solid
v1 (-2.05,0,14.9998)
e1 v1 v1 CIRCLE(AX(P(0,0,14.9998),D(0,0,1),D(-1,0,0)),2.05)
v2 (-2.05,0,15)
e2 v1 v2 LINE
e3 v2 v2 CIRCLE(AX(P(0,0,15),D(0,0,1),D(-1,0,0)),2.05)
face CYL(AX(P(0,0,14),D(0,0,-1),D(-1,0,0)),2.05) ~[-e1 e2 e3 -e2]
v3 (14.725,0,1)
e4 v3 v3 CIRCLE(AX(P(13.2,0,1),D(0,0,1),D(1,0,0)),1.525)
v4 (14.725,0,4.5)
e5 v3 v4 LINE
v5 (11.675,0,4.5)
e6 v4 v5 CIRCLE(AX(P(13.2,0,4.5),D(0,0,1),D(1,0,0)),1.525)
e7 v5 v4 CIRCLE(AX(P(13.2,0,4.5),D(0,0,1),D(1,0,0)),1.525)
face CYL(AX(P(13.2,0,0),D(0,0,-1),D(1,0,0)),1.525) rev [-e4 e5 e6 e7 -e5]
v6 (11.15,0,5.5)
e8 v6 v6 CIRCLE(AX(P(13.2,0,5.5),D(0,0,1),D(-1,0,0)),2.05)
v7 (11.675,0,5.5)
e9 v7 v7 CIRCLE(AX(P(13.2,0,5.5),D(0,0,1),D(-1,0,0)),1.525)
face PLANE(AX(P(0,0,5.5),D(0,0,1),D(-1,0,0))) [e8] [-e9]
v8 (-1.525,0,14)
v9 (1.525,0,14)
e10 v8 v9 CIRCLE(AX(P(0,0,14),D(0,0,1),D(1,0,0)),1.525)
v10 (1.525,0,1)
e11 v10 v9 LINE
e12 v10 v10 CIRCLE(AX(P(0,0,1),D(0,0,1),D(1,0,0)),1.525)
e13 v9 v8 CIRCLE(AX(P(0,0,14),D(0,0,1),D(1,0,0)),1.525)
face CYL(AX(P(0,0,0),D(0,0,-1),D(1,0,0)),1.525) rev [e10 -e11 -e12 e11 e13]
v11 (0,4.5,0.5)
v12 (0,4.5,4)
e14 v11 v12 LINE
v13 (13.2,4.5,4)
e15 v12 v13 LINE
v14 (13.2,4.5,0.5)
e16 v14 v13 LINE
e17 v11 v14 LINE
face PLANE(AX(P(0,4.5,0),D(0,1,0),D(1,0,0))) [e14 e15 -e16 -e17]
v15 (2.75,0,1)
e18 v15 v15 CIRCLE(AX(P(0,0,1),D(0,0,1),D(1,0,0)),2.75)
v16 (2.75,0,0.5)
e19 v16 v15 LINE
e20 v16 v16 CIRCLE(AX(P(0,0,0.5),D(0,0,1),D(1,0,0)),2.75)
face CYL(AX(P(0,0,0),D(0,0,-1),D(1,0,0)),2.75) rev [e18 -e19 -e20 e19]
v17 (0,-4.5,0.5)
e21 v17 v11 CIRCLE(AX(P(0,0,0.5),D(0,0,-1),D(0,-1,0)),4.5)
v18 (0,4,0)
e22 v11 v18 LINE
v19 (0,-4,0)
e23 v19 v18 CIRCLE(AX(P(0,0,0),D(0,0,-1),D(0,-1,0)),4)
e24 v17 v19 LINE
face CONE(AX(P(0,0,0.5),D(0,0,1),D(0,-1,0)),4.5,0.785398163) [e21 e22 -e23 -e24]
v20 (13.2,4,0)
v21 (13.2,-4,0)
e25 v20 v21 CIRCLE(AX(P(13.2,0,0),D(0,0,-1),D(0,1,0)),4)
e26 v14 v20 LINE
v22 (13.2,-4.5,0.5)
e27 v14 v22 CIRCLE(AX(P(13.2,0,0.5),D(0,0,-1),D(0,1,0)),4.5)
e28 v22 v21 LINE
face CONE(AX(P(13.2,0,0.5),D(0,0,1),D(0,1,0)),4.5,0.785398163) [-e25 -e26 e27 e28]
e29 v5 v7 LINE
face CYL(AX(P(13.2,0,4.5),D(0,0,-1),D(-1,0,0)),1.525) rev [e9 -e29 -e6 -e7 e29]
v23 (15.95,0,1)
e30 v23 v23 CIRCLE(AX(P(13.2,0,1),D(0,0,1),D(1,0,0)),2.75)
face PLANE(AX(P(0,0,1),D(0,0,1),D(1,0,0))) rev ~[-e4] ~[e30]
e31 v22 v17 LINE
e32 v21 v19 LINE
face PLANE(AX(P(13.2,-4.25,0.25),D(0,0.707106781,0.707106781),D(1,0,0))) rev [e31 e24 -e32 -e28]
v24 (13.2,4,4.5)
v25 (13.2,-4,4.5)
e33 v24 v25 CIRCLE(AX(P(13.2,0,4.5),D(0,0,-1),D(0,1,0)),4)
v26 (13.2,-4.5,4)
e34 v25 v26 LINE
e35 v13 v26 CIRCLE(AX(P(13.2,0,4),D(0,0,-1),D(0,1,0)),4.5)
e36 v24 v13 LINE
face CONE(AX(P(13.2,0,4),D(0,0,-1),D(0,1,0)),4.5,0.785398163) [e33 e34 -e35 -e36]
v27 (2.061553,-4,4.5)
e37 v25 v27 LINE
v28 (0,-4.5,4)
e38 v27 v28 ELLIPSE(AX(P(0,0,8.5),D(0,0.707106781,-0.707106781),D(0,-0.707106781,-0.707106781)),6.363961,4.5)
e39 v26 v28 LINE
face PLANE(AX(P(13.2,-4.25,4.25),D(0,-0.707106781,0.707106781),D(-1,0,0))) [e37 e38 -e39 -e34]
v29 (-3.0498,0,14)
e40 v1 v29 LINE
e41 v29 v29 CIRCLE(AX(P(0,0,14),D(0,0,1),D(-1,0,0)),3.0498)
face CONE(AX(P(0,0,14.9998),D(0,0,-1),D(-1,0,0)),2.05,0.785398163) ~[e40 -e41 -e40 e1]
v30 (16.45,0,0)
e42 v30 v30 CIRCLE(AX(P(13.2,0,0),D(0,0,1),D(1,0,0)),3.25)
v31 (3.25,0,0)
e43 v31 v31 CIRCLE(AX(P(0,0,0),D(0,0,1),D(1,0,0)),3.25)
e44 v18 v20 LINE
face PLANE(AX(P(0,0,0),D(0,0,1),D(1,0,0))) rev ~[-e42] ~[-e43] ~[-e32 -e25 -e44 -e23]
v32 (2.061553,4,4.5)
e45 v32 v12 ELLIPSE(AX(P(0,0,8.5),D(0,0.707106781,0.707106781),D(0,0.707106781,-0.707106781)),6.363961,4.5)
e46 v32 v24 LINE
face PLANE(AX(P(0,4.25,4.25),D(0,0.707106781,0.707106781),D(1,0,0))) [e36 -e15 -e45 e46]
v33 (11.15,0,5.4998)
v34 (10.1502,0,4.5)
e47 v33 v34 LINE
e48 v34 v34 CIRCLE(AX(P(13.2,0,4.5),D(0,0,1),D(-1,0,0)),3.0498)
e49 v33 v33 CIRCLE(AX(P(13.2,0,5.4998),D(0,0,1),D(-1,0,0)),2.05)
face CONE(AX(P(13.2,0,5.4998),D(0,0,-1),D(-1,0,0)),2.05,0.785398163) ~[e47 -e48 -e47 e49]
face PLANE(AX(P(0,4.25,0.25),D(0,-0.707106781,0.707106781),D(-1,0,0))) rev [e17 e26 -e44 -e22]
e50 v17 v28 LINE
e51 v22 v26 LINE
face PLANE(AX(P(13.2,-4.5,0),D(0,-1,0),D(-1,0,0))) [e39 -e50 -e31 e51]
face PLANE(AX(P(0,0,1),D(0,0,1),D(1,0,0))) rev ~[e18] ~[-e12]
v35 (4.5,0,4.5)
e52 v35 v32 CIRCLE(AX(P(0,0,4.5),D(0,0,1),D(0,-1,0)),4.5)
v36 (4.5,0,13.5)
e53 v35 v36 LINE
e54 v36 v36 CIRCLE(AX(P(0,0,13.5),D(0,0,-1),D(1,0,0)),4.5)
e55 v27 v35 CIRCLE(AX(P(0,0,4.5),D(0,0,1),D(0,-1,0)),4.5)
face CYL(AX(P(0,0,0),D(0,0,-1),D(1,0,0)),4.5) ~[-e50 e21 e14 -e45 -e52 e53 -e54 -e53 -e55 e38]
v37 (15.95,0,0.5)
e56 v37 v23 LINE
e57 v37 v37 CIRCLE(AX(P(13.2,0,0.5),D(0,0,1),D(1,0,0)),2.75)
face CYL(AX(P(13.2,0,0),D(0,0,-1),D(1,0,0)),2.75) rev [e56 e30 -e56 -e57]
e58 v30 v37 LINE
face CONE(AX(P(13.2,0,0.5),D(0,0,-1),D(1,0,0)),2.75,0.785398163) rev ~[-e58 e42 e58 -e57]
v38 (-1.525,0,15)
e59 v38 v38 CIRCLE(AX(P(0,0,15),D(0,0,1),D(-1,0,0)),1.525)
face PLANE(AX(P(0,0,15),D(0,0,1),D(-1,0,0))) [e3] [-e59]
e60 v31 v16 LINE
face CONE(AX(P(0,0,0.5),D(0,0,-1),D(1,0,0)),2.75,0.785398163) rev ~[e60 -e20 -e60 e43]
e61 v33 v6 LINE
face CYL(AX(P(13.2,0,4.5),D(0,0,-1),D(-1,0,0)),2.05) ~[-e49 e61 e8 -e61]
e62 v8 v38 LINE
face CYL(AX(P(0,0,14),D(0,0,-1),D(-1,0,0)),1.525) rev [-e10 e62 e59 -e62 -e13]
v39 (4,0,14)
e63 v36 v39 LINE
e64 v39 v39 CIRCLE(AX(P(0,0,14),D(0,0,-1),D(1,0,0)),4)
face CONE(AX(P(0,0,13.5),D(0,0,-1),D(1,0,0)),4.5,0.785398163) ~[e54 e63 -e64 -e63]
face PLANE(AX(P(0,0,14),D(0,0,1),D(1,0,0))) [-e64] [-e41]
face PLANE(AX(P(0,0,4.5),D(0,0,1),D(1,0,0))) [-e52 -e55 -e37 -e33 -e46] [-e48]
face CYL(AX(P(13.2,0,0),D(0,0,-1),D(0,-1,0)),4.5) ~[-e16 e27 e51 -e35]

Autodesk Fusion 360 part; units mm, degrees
sketch "Sketch1" plane through (0, 0, 0) normal (0, 0, 1) x (1, 0, 0)
  circle A0 centre (0, 0) radius 1.525
  circle A1 centre (0, 0) radius 4.5
  circle A2 centre (13.2, 0) radius 1.525
  circle A3 centre (0, 0) radius 2.75
  circle A4 centre (13.2, 0) radius 2.75
  line L0 (0, 4.5) -> (13.2, 4.5)
  line L1 (13.2, -4.5) -> (0, -4.5)
  arc A5 (13.2, -4.5) -> (13.2, 4.5) centre (13.2, 0) ccw
  dimension "d1" = 3.05
  dimension "d2" = 9
  dimension "d3" = 9
  dimension "d4" = 3.05
  dimension "d5" = 5.5
  dimension "d6" = 5.5
  dimension "d7" = 13.2
extrude "Extrude1" add sketch "Sketch1" along normal blind 14 contours A1 | A3
extrude "Extrude2" add sketch "Sketch1" along normal blind 4.5 contours A1 L0 L1 A5 | A4
sketch "Sketch2" plane through (0, 0, 14) normal (0, 0, 1) x (-1, 0, 0)
  circle A0 centre (0, 0) radius 1.525
  circle A1 centre (0, 0) radius 4.5
  circle A2 centre (0, 0) radius 2.05
  dimension "d12" = 4.1
extrude "Extrude3" add sketch "Sketch2" along normal blind 1 contours A2
chamfer "Chamfer1" distance 1 angle 45 1 edges at (1.9113, -0.7413, 14)
sketch "Sketch3" plane through (0, 0, 4.5) normal (0, 0, 1) x (-1, 0, 0)
  circle A0 centre (-13.2, 0) radius 1.525
  line L0 (0, 4.5) -> (-13.2, 4.5)
  arc A1 (-13.2, 4.5) -> (-13.2, -4.5) centre (-13.2, 0) ccw
  line L1 (-13.2, -4.5) -> (0, -4.5)
  arc A2 (0, 4.5) -> (0, -4.5) centre (0, 0) ccw
  circle A3 centre (-13.2, 0) radius 2.05
  dimension "d16" = 4.1
extrude "Extrude4" add sketch "Sketch3" along normal blind 1 contours A3
chamfer "Chamfer2" distance 1 angle 45 1 edges at (15.1113, -0.7413, 4.5)
extrude "Extrude5" cut sketch "Sketch1" along normal blind 1 contours A3 | A4
chamfer "Chamfer3" distance 0.5 angle 45 10 edges at (6.6, -4.5, 0) (17.7, 0, 0) (6.6, 4.5, 0) (-4.5, 0, 0) (10.6361, -0.9944, 0) (-2.5639, -0.9944, 0) (-4.1955, -1.6273, 14) (6.6, -4.5, 4.5) (17.7, 0, 4.5) (6.6, 4.5, 4.5)
